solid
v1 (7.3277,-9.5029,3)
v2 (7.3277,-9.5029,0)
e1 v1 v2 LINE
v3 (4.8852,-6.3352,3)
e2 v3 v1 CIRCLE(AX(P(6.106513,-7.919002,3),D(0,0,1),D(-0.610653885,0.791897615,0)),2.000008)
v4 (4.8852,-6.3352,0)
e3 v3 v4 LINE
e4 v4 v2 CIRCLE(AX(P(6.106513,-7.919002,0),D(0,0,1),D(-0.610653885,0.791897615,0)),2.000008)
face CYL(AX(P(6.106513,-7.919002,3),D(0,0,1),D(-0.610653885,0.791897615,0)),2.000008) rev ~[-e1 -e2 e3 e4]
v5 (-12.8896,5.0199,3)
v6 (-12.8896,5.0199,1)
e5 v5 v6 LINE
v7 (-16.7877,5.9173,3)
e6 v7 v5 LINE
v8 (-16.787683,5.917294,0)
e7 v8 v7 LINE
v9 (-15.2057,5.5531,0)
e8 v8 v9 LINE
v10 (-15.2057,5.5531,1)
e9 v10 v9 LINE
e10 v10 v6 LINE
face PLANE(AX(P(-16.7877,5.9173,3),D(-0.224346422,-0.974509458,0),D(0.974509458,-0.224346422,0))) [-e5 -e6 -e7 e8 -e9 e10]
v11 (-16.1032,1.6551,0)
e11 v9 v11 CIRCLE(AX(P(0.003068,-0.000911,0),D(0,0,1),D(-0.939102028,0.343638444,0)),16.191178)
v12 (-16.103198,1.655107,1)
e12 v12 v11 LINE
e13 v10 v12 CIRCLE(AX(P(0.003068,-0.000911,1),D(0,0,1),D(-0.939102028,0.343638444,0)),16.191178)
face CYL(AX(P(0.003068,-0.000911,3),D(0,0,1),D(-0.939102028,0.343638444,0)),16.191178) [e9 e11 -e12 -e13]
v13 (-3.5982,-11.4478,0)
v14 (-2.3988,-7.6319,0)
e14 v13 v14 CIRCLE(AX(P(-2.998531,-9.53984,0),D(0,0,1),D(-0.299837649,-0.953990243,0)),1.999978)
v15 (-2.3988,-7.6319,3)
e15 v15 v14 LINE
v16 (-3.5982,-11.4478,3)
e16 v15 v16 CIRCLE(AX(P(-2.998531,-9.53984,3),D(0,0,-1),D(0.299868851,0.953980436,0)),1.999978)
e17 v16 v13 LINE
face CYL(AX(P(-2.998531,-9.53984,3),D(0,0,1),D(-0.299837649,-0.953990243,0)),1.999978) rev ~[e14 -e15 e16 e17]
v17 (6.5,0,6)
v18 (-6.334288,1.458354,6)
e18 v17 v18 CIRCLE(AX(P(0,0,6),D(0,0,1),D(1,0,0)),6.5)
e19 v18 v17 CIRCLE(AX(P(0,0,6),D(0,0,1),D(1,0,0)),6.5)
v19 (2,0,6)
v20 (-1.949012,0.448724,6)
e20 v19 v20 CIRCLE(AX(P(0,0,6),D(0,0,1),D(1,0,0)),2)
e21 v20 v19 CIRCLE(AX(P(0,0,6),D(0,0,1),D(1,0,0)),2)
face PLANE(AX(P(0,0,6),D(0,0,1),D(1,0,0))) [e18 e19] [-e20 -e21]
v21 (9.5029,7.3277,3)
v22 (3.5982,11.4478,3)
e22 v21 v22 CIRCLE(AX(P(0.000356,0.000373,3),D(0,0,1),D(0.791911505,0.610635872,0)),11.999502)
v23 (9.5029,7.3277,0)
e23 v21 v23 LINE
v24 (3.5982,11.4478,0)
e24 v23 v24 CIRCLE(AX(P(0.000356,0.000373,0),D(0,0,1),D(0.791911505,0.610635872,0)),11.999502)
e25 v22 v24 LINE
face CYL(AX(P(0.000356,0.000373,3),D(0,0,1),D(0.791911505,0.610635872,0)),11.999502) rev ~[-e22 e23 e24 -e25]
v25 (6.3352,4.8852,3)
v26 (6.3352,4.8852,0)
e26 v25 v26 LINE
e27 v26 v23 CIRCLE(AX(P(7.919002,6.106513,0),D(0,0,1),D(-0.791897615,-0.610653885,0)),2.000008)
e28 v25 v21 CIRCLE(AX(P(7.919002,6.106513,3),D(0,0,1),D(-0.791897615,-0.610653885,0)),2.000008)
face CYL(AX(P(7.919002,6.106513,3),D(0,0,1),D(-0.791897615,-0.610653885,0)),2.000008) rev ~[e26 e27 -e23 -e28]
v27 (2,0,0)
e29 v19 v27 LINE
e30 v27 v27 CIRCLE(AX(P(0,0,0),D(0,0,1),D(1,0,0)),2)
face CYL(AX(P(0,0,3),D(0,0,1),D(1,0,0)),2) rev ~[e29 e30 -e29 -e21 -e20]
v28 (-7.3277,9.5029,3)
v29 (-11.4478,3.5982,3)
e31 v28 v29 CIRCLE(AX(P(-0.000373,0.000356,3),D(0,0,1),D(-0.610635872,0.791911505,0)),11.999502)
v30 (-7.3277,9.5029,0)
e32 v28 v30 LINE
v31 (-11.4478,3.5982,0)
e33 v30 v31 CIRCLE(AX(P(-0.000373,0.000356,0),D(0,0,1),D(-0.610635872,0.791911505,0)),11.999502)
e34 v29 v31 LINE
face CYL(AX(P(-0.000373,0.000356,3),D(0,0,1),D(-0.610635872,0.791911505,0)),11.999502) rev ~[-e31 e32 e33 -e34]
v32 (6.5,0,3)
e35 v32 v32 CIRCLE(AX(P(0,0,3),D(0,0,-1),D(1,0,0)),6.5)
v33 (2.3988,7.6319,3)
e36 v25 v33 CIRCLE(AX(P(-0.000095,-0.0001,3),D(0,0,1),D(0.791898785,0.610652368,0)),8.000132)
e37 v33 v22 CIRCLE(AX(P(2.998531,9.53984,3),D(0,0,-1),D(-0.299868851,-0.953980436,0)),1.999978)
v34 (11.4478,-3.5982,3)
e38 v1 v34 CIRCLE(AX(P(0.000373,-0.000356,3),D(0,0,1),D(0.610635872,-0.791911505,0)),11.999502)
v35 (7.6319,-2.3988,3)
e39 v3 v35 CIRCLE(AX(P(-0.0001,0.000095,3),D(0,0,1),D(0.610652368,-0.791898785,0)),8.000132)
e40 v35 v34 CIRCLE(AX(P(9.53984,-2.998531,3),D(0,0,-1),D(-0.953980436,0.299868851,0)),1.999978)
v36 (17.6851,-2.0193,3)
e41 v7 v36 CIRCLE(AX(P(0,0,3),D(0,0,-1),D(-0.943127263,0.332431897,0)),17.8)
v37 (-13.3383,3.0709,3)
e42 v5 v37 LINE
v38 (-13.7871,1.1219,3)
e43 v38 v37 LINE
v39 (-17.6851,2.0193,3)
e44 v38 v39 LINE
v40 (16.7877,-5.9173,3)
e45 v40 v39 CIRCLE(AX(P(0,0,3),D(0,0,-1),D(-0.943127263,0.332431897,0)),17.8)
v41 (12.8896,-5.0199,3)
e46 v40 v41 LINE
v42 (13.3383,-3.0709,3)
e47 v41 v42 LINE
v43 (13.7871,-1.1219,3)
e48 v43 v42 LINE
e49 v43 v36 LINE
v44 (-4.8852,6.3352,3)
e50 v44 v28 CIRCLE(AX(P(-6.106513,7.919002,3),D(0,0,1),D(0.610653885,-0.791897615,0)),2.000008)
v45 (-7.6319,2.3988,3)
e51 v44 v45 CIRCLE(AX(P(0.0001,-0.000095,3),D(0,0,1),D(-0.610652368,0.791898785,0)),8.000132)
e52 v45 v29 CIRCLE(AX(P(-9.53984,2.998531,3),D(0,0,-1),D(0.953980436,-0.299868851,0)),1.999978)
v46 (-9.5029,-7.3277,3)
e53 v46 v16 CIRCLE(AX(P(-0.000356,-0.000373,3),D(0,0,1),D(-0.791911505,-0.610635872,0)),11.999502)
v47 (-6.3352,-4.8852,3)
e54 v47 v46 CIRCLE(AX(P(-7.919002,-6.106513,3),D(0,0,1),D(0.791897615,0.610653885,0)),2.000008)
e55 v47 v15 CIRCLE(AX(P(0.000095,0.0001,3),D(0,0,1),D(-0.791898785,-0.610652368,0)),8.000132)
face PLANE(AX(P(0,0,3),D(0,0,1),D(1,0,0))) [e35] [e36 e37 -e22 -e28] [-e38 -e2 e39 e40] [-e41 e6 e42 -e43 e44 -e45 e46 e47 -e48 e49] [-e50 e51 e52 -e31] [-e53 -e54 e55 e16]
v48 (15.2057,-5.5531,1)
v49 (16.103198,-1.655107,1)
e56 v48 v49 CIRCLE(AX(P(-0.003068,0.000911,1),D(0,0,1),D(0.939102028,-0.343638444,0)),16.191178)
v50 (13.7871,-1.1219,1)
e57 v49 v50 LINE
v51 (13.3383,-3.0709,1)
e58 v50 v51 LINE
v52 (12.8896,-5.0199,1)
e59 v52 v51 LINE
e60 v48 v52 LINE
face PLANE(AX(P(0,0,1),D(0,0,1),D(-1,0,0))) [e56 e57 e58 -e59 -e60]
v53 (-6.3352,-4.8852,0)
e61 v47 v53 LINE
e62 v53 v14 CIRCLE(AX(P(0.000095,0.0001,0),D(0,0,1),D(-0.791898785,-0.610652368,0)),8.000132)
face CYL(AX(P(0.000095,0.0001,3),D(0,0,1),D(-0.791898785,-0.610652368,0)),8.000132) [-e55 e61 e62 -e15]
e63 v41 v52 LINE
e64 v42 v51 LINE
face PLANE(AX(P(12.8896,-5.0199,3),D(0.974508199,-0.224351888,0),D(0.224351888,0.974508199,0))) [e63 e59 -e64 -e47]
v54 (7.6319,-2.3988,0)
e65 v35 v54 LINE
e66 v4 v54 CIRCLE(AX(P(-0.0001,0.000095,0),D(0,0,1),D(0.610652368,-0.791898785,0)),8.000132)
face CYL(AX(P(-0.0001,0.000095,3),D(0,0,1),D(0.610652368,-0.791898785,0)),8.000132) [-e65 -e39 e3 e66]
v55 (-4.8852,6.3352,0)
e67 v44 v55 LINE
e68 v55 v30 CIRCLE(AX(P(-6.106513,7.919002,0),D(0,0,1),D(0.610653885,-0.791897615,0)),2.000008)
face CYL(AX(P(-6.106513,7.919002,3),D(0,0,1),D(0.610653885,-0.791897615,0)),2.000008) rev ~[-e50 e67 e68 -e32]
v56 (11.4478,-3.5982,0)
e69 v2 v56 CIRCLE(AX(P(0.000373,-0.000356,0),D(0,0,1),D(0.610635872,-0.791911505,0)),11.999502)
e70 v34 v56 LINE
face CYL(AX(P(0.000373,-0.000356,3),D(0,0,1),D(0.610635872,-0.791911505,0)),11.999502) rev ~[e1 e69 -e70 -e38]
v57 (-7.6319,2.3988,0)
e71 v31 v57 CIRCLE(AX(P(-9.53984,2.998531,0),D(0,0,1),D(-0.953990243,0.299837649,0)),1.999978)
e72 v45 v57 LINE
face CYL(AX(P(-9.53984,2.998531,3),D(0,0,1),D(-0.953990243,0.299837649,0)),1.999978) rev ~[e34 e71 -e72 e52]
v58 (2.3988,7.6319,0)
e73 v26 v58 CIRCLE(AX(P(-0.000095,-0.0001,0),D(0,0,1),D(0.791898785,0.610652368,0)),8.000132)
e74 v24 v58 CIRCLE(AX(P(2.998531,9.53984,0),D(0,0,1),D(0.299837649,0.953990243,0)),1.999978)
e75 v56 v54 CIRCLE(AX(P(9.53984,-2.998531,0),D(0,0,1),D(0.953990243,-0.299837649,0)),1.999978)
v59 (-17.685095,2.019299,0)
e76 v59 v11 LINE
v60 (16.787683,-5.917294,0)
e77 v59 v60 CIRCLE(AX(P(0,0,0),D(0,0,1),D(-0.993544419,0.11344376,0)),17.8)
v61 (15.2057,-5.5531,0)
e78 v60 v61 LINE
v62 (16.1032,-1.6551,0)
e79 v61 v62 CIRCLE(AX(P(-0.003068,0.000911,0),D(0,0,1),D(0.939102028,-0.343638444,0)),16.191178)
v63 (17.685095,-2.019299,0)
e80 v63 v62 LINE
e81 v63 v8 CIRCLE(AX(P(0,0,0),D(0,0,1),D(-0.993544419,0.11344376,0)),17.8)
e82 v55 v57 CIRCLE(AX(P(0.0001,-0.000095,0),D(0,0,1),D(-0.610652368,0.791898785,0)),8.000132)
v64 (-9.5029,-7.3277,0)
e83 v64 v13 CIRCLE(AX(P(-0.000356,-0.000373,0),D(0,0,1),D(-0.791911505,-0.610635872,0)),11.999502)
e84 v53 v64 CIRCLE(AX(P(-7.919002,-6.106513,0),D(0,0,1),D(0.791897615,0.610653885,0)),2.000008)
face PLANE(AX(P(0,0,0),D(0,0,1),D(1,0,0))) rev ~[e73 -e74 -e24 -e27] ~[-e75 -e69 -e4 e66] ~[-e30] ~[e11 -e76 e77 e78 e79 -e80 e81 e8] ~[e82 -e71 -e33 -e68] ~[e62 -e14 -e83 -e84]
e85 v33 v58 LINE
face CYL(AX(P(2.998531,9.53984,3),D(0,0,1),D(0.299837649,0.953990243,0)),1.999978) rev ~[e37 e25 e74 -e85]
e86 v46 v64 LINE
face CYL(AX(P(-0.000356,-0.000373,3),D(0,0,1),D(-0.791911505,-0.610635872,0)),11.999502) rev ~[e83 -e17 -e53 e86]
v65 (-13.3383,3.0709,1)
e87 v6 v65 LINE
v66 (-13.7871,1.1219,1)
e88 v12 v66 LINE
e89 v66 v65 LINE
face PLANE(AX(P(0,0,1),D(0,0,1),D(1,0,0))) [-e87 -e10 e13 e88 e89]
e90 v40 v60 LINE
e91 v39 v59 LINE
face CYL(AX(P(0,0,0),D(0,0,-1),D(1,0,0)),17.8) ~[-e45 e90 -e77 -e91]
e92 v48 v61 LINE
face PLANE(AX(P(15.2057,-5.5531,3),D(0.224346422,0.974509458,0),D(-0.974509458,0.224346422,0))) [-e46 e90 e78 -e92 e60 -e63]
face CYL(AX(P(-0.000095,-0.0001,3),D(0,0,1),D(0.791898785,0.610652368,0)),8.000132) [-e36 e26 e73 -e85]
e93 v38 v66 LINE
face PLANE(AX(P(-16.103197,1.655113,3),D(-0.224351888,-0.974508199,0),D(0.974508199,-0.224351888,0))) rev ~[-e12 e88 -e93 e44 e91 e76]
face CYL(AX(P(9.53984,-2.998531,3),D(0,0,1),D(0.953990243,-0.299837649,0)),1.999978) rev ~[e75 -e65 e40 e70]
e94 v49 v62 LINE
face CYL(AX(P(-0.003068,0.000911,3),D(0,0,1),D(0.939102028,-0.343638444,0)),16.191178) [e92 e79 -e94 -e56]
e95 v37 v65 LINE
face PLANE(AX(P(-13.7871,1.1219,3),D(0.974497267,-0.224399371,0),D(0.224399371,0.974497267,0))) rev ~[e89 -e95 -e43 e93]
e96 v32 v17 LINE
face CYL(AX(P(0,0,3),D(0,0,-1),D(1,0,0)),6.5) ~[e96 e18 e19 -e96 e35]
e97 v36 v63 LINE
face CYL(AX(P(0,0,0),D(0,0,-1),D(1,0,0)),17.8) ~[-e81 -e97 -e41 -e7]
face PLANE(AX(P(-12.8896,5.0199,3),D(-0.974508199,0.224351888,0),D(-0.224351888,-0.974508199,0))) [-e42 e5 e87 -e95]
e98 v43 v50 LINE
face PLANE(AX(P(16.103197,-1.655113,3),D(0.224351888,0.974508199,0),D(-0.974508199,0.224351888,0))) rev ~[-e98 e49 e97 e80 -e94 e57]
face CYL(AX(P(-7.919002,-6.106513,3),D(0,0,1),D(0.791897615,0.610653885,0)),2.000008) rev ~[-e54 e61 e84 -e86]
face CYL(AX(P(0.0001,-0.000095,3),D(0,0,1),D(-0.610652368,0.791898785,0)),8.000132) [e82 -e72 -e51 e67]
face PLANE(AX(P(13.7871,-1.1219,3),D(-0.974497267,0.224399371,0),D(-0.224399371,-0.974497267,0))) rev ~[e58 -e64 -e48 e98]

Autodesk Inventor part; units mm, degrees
ref_plane "YZ Plane" through (0, 0, 0) normal (1, 0, 0) x (0, 1, 0)
ref_plane "XZ Plane" through (0, 0, 0) normal (0, 1, 0) x (-1, 0, 0)
ref_plane "XY Plane" through (0, 0, 0) normal (0, 0, 1) x (1, 0, 0)
sketch "Sketch2" plane through (0, 0, 0) normal (0, 0, 1) x (1, 0, 0)
  circle A0 centre (0, 0) radius 17.8
  dimension "d0" = 35.6
extrude "Extrusion1" add sketch "Sketch2" along normal blind 3
sketch "Sketch3" plane through (0, 0, 3) normal (0, 0, 1) x (1, 0, 0)
  circle A0 centre (0, 0) radius 6.5
  circle A1 centre (0, 0) radius 2
  arc A2 (-6.1065, 7.919) -> (-9.5399, 2.9985) centre (0, 0) ccw construction
  arc A3 (-7.3277, 9.5029) -> (-11.4478, 3.5982) centre (0, 0) ccw
  arc A4 (-4.8852, 6.3352) -> (-7.6319, 2.3988) centre (0, 0) ccw
  arc A5 (-4.8852, 6.3352) -> (-7.3277, 9.5029) centre (-6.1065, 7.919) ccw
  arc A6 (-11.4478, 3.5982) -> (-7.6319, 2.3988) centre (-9.5399, 2.9985) ccw
  circle A7 centre (0, 0) radius 17.8 projected
  line L0 (0, 0) -> (-13.3383, 3.0709)
  line L1 (-16.7877, 5.9173) -> (-12.8896, 5.0199)
  line L2 (-12.8896, 5.0199) -> (-13.3383, 3.0709)
  line L3 (-17.6851, 2.0193) -> (-13.7871, 1.1219)
  line L4 (-13.7871, 1.1219) -> (-13.3383, 3.0709)
  arc A8 (-16.7877, 5.9173) -> (-17.6851, 2.0193) centre (0, 0) ccw
  arc A9 (-15.2021, 5.563) -> (-16.1032, 1.6551) centre (0, 0) ccw
  line L5 (-16.7877, 5.9173) -> (-15.2057, 5.5531)
  line L6 (-16.1032, 1.6551) -> (-17.6851, 2.0193)
  dimension "d3" = 13
  dimension "d4" = 4
  dimension "d18" = 10
  dimension "d20" = 4
  dimension "d26" = 4
  dimension "d27" = 2
  dimension "d33" = 6
extrude "Extrusion2" add sketch "Sketch3" along normal blind 3 contours A0
extrude "Extrusion3" cut sketch "Sketch3" against normal through all contours A1
extrude "Extrusion5" cut sketch "Sketch3" against normal blind 3 contours A6 L0 | L0 A6 A3 A5 A4
pattern_circular "Circular Pattern1" count 4 over 360 about axis through (0, 0, 3) along (0, 0, 1) of "Extrusion5"
extrude "Extrusion6" cut sketch "Sketch3" against normal blind 2 contours L4 L3 A9 L1 L2 | A9 L3 A7 L1
extrude "Extrusion7" cut sketch "Sketch3" against normal through all contours A9 L3 A7 L1
pattern_circular "Circular Pattern3" count 2 over 360 about axis through (0, 0, 3) along (0, 0, 1) of "Extrusion6", "Extrusion7"
properties part number "MotorFenek"
